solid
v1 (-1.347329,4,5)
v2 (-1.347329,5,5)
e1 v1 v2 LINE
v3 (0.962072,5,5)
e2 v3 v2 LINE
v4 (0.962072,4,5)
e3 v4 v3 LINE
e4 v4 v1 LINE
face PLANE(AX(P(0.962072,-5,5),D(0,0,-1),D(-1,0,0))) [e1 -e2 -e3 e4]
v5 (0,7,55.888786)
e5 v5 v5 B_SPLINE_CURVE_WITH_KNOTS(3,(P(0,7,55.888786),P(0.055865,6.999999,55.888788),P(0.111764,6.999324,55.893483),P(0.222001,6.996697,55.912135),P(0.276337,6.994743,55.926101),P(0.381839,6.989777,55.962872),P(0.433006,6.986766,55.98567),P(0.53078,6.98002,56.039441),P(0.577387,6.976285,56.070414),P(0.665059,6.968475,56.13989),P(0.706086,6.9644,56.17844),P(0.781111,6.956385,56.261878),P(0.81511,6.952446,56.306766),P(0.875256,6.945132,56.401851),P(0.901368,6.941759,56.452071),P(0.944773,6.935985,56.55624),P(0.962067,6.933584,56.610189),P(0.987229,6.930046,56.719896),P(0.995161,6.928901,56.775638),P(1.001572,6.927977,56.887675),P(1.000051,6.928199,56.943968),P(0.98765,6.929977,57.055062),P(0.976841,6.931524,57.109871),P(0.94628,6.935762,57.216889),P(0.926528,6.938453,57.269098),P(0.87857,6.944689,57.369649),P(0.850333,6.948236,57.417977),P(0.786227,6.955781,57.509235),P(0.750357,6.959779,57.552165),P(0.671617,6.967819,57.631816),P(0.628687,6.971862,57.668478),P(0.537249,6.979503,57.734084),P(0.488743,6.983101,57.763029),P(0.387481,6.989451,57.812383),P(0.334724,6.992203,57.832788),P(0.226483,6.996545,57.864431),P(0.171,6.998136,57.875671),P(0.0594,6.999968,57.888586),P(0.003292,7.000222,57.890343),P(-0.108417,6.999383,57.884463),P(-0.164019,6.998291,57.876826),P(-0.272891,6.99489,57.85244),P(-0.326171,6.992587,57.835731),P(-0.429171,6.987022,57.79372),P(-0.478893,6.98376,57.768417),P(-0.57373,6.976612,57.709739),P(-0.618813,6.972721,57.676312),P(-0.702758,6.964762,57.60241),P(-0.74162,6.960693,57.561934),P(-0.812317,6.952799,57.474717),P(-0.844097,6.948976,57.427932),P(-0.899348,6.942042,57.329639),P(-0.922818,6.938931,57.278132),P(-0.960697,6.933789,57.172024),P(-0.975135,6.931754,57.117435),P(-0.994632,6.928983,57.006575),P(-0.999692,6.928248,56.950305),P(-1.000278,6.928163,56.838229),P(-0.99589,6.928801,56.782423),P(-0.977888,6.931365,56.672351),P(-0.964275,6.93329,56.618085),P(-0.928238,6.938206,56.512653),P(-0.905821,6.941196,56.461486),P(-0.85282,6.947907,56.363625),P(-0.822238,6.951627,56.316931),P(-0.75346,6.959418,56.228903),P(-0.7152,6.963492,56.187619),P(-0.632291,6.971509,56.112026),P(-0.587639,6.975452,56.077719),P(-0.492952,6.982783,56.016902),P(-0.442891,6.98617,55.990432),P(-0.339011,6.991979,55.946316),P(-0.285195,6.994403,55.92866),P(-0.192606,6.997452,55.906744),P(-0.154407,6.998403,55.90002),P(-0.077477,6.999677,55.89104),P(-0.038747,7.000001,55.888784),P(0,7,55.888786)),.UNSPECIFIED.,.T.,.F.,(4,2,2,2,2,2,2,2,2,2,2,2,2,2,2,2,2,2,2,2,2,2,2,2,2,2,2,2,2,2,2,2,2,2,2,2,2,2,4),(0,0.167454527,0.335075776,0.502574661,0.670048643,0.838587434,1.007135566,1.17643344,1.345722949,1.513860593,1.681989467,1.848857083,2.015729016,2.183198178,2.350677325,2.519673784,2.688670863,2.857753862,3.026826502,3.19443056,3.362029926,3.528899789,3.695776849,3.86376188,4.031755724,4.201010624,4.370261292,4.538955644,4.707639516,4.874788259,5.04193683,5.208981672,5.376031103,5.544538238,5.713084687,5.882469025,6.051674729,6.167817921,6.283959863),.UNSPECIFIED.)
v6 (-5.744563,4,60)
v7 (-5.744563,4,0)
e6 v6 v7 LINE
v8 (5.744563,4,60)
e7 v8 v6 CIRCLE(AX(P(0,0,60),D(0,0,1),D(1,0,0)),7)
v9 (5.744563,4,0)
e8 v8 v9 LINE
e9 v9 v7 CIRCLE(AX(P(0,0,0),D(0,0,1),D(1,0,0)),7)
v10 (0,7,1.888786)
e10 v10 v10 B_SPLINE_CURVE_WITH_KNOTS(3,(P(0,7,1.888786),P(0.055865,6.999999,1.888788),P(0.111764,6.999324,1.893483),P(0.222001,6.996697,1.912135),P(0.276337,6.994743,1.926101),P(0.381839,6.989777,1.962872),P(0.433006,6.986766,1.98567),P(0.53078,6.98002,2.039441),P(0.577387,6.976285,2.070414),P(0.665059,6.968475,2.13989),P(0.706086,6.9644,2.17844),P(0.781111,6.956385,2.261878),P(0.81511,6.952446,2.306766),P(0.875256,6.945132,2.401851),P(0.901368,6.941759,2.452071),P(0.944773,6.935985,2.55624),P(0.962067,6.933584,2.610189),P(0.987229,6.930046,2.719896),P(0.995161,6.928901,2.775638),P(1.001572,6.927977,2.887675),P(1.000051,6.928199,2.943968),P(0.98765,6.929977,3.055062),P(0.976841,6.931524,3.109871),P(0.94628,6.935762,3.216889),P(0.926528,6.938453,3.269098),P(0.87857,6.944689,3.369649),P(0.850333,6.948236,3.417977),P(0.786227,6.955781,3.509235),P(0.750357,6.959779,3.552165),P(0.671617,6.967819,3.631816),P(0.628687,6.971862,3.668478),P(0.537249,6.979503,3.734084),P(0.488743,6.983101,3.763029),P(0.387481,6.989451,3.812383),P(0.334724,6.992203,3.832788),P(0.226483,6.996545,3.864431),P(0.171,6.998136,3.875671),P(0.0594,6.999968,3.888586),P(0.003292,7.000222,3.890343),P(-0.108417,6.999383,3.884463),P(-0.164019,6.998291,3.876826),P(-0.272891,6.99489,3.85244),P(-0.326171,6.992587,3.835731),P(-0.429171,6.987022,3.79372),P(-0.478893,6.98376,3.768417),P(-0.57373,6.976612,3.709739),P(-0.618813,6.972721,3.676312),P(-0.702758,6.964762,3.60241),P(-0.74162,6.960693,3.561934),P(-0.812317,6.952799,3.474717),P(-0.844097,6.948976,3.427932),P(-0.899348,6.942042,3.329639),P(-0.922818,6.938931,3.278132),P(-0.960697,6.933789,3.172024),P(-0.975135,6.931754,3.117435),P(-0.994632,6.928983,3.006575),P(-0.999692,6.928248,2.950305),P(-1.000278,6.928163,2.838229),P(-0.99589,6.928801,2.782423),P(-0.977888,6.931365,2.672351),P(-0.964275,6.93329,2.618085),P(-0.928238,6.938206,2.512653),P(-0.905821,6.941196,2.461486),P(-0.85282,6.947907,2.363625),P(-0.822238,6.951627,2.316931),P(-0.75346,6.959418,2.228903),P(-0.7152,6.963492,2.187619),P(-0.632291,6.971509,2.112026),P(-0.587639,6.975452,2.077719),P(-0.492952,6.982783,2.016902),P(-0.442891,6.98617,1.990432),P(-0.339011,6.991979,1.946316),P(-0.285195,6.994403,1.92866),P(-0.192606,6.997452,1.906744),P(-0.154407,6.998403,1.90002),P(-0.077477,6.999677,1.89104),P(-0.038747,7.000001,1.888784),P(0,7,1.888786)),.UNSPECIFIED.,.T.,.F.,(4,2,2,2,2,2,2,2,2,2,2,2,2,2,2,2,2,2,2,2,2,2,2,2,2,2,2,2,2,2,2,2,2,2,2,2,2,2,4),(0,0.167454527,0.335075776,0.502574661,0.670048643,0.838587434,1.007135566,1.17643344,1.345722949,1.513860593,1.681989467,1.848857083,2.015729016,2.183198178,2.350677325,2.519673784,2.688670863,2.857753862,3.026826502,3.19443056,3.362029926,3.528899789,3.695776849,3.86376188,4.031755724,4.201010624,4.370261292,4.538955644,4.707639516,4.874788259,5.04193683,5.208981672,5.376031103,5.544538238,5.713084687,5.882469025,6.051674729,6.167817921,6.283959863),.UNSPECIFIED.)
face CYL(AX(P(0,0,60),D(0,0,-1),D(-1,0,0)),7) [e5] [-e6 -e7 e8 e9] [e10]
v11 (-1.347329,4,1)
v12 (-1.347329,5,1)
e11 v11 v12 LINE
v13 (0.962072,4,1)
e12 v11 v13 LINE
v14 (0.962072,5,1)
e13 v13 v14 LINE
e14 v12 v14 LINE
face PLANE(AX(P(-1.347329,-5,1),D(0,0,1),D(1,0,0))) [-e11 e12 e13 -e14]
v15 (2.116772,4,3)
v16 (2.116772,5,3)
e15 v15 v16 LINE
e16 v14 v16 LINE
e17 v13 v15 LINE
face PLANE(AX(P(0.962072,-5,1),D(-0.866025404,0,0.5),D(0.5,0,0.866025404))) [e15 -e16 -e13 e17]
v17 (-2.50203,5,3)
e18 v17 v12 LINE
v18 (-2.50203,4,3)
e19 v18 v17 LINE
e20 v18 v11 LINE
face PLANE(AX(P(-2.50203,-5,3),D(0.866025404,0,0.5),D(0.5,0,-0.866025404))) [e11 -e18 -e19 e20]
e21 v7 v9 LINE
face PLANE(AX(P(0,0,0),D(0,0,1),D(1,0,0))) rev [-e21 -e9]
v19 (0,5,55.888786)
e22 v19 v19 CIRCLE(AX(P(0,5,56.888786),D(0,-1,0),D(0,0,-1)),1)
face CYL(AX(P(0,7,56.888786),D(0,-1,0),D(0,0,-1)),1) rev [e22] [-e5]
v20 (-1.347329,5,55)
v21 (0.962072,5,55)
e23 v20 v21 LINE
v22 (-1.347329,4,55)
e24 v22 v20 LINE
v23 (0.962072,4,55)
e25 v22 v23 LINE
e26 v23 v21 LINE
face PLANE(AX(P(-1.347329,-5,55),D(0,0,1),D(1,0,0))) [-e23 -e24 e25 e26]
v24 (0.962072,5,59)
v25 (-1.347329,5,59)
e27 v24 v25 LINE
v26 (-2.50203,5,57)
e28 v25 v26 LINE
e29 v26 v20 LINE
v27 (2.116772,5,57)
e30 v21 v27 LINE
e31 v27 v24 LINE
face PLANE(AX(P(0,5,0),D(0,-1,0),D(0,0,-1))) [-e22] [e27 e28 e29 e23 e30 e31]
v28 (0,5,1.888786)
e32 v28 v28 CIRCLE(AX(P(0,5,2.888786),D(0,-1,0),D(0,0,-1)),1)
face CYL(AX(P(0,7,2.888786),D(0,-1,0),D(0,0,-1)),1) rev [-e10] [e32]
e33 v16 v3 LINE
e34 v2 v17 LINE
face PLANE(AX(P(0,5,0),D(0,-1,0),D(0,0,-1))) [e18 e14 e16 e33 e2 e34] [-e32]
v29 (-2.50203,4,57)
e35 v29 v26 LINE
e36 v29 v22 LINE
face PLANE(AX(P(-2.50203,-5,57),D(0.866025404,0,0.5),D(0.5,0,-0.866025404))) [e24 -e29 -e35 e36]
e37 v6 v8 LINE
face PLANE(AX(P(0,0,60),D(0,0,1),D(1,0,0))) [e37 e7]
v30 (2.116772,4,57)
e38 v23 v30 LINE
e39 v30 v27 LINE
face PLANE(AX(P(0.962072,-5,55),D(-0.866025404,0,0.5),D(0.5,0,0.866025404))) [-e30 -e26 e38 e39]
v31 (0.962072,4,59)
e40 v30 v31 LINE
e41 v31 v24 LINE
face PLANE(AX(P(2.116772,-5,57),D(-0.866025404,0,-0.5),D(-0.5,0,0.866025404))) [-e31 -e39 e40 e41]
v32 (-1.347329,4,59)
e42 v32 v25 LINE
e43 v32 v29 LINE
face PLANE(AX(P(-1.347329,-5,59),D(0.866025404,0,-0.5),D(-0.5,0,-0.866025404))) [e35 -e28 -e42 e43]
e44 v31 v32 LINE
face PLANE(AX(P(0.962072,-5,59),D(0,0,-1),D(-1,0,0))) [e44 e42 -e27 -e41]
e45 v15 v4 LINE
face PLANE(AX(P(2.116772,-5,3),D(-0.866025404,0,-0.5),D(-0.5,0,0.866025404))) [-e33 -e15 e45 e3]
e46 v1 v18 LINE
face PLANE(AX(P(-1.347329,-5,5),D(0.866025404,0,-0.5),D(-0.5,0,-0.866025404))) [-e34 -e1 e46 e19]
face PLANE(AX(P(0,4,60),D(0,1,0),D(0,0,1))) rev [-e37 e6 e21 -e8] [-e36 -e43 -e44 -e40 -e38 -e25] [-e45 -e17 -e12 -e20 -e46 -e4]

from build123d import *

# Parameters (mm, degrees)
BOSS_EXTRUDE1_DEPTH     = 60
CUT_EXTRUDE1_DEPTH      = 9
CUT_EXTRUDE1_DEPTH_BACK = 1
CUT_EXTRUDE2_DEPTH      = 61.307545133
CUT_EXTRUDE2_DEPTH_BACK = 61.307545133
SKETCH3_R               = 1


with BuildPart() as part:
    # Sketch1 → Boss-Extrude1 (new body)
    with BuildSketch(Plane.XY):
        with BuildLine():
            ThreePointArc((5.744562647, 4), (0, 7), (-5.744562647, 4))
            Line((-5.744562647, 4), (5.744562647, 4))
        make_face()
    extrude(amount=BOSS_EXTRUDE1_DEPTH)

    # Sketch2 → Cut-Extrude1 (cut, two sides: drawn at the far end of the back side and taken through both)
    with BuildSketch(Plane.XZ.offset(-4).offset(-CUT_EXTRUDE1_DEPTH_BACK)):
        Polygon((-2.502029768, 57), (-1.34732923, 55), (0.962071847, 55), (2.116772385, 57), (0.962071847, 59), (-1.34732923, 59), align=None)
        Polygon((-2.502029768, 3), (-1.34732923, 1), (0.962071847, 1), (2.116772385, 3), (0.962071847, 5), (-1.34732923, 5), align=None)
    extrude(amount=CUT_EXTRUDE1_DEPTH + CUT_EXTRUDE1_DEPTH_BACK, mode=Mode.SUBTRACT)

    # Sketch3 → Cut-Extrude2 (cut, two sides: drawn at the far end of the back side and taken through both)
    with BuildSketch(Plane.XZ.offset(-5).offset(-CUT_EXTRUDE2_DEPTH_BACK)):
        with Locations(Location((0, 2.888785773, 0), (0, 0, 270))):
            Circle(SKETCH3_R)
        with Locations(Location((0, 56.888785773, 0), (0, 0, 270))):
            Circle(SKETCH3_R)
    extrude(amount=CUT_EXTRUDE2_DEPTH + CUT_EXTRUDE2_DEPTH_BACK, mode=Mode.SUBTRACT)


solid = part.part
